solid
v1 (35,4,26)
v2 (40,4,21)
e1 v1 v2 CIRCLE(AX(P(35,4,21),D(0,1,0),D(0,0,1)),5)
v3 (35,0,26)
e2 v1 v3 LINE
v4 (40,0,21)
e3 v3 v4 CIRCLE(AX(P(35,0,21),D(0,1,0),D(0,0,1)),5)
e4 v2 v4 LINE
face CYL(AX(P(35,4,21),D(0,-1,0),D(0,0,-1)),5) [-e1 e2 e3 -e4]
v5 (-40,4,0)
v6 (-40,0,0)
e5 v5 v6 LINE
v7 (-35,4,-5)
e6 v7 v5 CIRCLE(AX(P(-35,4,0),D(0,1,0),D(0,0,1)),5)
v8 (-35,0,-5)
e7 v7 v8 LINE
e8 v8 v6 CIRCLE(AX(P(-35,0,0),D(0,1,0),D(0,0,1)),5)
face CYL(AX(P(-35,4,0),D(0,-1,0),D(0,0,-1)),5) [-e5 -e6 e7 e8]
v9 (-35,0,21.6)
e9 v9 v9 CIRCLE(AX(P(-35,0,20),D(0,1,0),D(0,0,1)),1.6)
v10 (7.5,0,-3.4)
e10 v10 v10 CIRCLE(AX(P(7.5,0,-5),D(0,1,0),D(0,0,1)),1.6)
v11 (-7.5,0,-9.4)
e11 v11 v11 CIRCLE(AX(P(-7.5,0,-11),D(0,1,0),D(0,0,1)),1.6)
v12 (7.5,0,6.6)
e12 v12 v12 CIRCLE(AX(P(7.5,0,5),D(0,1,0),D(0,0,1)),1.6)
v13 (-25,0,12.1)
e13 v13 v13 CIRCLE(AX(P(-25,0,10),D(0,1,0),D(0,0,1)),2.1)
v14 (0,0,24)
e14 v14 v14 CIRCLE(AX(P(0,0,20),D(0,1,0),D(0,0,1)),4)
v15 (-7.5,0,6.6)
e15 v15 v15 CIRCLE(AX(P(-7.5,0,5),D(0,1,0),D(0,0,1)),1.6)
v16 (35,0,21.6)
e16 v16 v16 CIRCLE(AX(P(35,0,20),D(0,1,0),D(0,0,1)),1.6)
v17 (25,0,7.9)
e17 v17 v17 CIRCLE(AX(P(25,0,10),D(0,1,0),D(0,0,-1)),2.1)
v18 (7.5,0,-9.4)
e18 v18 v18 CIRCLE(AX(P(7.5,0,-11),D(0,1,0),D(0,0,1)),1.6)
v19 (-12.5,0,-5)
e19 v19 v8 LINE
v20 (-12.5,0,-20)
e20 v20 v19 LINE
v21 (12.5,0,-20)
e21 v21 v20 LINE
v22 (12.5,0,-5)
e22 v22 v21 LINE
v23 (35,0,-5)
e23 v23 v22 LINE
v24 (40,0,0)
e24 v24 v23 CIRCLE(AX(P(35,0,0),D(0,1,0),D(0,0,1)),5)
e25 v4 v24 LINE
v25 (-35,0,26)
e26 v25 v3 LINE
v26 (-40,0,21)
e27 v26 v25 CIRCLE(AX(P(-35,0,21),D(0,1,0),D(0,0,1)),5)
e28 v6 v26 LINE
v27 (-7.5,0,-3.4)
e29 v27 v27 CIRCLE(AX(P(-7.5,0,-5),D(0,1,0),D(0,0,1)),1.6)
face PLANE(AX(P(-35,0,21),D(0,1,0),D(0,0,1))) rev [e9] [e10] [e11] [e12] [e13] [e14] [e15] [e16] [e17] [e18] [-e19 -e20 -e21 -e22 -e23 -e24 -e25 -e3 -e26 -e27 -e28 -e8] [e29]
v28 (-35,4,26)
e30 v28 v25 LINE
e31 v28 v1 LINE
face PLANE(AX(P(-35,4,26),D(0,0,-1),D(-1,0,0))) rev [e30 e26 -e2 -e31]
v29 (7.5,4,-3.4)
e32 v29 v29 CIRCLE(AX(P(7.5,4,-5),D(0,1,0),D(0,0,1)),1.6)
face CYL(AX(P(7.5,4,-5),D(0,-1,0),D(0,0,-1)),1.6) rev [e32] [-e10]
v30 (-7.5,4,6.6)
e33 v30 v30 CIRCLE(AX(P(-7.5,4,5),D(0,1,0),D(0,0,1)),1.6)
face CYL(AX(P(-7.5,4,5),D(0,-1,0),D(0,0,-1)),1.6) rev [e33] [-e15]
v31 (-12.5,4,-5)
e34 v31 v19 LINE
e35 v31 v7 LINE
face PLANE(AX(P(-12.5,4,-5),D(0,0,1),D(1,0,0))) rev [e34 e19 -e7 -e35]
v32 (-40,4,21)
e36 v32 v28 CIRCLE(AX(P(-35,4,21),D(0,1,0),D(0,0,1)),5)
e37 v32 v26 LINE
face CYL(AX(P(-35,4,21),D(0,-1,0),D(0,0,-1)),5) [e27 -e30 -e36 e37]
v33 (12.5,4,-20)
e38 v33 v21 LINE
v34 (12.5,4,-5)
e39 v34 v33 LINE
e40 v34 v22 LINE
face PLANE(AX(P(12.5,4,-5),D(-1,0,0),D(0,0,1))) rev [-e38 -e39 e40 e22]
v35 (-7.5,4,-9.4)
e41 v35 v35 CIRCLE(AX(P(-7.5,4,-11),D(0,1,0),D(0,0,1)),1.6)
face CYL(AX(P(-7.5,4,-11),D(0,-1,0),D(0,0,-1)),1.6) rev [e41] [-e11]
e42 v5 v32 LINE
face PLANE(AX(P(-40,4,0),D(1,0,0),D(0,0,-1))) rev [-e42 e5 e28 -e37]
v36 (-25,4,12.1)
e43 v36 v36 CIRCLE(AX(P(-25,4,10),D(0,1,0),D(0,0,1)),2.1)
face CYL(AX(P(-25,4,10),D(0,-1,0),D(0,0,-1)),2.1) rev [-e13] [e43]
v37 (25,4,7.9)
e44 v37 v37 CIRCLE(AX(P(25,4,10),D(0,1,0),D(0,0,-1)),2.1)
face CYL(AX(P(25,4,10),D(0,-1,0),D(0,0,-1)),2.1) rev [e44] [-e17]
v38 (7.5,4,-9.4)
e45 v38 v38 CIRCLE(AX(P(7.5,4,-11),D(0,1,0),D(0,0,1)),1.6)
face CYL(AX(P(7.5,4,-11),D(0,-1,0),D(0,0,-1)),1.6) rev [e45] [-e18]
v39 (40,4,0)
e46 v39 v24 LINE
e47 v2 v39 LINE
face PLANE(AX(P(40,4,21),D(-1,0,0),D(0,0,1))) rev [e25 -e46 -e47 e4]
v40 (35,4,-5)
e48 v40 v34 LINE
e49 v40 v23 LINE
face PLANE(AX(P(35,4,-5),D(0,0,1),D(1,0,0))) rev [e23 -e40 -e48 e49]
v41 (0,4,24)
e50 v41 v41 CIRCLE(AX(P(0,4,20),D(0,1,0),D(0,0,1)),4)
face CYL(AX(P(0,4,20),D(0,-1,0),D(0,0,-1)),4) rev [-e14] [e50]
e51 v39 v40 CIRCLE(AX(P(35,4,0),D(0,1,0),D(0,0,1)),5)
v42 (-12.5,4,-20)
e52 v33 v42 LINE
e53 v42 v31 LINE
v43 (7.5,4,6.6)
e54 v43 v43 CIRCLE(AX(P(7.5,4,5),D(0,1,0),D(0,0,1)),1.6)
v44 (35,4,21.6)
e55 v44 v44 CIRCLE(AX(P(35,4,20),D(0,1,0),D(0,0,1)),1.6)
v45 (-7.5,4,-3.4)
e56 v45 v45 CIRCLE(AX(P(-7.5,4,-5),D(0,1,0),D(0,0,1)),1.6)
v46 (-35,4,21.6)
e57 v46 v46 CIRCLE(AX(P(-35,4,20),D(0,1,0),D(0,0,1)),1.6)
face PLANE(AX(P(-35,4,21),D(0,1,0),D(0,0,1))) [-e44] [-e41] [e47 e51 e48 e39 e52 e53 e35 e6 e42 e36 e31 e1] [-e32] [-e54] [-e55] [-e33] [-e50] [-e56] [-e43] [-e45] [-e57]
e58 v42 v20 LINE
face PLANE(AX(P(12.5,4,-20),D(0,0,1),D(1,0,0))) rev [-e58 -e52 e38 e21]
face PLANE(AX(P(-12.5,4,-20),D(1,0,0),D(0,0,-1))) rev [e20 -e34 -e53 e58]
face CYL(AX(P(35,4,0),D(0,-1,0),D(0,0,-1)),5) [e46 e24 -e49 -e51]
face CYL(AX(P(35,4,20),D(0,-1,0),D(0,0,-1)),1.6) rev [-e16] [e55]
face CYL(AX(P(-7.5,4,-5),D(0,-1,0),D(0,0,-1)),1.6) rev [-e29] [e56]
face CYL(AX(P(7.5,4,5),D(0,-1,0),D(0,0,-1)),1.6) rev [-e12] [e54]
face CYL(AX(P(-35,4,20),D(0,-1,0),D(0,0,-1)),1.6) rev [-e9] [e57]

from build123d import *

# Parameters (mm, degrees)
SKETCH1_R           = 1.6
SKETCH1_R_2         = 2.1
SKETCH1_R_3         = 4
BOSS_EXTRUDE1_DEPTH = 4


with BuildPart() as part:
    # Sketch1 → Boss-Extrude1 (new body)
    with BuildSketch(Plane(origin=(0, 0, 0), x_dir=(1, 0, 0), z_dir=(0, 1, 0))):
        with BuildLine():
            Line((-35, -26), (35, -26))
            ThreePointArc((35, -26), (38.535533906, -24.535533906), (40, -21))
            Line((40, -21), (40, 0))
            ThreePointArc((40, 0), (38.535533906, 3.535533906), (35, 5))
            Line((35, 5), (12.5, 5))
            Line((12.5, 5), (12.5, 20))
            Line((12.5, 20), (-12.5, 20))
            Line((-12.5, 20), (-12.5, 5))
            Line((-12.5, 5), (-35, 5))
            ThreePointArc((-35, 5), (-38.535533906, 3.535533906), (-40, 0))
            Line((-40, 0), (-40, -21))
            ThreePointArc((-40, -21), (-38.535533906, -24.535533906), (-35, -26))
        make_face()
        with Locations((-7.5, 11)):
            Circle(SKETCH1_R, mode=Mode.SUBTRACT)
        with Locations((7.5, 11)):
            Circle(SKETCH1_R, mode=Mode.SUBTRACT)
        with Locations((-7.5, -5)):
            Circle(SKETCH1_R, mode=Mode.SUBTRACT)
        with Locations((7.5, -5)):
            Circle(SKETCH1_R, mode=Mode.SUBTRACT)
        with Locations((-7.5, 5)):
            Circle(SKETCH1_R, mode=Mode.SUBTRACT)
        with Locations((7.5, 5)):
            Circle(SKETCH1_R, mode=Mode.SUBTRACT)
        with Locations((-35, -20)):
            Circle(SKETCH1_R, mode=Mode.SUBTRACT)
        with Locations((35, -20)):
            Circle(SKETCH1_R, mode=Mode.SUBTRACT)
        with Locations((-25, -10)):
            Circle(SKETCH1_R_2, mode=Mode.SUBTRACT)
        with Locations((25, -10)):
            Circle(SKETCH1_R_2, mode=Mode.SUBTRACT)
        with Locations((0, -20)):
            Circle(SKETCH1_R_3, mode=Mode.SUBTRACT)
    extrude(amount=BOSS_EXTRUDE1_DEPTH)


solid = part.part
